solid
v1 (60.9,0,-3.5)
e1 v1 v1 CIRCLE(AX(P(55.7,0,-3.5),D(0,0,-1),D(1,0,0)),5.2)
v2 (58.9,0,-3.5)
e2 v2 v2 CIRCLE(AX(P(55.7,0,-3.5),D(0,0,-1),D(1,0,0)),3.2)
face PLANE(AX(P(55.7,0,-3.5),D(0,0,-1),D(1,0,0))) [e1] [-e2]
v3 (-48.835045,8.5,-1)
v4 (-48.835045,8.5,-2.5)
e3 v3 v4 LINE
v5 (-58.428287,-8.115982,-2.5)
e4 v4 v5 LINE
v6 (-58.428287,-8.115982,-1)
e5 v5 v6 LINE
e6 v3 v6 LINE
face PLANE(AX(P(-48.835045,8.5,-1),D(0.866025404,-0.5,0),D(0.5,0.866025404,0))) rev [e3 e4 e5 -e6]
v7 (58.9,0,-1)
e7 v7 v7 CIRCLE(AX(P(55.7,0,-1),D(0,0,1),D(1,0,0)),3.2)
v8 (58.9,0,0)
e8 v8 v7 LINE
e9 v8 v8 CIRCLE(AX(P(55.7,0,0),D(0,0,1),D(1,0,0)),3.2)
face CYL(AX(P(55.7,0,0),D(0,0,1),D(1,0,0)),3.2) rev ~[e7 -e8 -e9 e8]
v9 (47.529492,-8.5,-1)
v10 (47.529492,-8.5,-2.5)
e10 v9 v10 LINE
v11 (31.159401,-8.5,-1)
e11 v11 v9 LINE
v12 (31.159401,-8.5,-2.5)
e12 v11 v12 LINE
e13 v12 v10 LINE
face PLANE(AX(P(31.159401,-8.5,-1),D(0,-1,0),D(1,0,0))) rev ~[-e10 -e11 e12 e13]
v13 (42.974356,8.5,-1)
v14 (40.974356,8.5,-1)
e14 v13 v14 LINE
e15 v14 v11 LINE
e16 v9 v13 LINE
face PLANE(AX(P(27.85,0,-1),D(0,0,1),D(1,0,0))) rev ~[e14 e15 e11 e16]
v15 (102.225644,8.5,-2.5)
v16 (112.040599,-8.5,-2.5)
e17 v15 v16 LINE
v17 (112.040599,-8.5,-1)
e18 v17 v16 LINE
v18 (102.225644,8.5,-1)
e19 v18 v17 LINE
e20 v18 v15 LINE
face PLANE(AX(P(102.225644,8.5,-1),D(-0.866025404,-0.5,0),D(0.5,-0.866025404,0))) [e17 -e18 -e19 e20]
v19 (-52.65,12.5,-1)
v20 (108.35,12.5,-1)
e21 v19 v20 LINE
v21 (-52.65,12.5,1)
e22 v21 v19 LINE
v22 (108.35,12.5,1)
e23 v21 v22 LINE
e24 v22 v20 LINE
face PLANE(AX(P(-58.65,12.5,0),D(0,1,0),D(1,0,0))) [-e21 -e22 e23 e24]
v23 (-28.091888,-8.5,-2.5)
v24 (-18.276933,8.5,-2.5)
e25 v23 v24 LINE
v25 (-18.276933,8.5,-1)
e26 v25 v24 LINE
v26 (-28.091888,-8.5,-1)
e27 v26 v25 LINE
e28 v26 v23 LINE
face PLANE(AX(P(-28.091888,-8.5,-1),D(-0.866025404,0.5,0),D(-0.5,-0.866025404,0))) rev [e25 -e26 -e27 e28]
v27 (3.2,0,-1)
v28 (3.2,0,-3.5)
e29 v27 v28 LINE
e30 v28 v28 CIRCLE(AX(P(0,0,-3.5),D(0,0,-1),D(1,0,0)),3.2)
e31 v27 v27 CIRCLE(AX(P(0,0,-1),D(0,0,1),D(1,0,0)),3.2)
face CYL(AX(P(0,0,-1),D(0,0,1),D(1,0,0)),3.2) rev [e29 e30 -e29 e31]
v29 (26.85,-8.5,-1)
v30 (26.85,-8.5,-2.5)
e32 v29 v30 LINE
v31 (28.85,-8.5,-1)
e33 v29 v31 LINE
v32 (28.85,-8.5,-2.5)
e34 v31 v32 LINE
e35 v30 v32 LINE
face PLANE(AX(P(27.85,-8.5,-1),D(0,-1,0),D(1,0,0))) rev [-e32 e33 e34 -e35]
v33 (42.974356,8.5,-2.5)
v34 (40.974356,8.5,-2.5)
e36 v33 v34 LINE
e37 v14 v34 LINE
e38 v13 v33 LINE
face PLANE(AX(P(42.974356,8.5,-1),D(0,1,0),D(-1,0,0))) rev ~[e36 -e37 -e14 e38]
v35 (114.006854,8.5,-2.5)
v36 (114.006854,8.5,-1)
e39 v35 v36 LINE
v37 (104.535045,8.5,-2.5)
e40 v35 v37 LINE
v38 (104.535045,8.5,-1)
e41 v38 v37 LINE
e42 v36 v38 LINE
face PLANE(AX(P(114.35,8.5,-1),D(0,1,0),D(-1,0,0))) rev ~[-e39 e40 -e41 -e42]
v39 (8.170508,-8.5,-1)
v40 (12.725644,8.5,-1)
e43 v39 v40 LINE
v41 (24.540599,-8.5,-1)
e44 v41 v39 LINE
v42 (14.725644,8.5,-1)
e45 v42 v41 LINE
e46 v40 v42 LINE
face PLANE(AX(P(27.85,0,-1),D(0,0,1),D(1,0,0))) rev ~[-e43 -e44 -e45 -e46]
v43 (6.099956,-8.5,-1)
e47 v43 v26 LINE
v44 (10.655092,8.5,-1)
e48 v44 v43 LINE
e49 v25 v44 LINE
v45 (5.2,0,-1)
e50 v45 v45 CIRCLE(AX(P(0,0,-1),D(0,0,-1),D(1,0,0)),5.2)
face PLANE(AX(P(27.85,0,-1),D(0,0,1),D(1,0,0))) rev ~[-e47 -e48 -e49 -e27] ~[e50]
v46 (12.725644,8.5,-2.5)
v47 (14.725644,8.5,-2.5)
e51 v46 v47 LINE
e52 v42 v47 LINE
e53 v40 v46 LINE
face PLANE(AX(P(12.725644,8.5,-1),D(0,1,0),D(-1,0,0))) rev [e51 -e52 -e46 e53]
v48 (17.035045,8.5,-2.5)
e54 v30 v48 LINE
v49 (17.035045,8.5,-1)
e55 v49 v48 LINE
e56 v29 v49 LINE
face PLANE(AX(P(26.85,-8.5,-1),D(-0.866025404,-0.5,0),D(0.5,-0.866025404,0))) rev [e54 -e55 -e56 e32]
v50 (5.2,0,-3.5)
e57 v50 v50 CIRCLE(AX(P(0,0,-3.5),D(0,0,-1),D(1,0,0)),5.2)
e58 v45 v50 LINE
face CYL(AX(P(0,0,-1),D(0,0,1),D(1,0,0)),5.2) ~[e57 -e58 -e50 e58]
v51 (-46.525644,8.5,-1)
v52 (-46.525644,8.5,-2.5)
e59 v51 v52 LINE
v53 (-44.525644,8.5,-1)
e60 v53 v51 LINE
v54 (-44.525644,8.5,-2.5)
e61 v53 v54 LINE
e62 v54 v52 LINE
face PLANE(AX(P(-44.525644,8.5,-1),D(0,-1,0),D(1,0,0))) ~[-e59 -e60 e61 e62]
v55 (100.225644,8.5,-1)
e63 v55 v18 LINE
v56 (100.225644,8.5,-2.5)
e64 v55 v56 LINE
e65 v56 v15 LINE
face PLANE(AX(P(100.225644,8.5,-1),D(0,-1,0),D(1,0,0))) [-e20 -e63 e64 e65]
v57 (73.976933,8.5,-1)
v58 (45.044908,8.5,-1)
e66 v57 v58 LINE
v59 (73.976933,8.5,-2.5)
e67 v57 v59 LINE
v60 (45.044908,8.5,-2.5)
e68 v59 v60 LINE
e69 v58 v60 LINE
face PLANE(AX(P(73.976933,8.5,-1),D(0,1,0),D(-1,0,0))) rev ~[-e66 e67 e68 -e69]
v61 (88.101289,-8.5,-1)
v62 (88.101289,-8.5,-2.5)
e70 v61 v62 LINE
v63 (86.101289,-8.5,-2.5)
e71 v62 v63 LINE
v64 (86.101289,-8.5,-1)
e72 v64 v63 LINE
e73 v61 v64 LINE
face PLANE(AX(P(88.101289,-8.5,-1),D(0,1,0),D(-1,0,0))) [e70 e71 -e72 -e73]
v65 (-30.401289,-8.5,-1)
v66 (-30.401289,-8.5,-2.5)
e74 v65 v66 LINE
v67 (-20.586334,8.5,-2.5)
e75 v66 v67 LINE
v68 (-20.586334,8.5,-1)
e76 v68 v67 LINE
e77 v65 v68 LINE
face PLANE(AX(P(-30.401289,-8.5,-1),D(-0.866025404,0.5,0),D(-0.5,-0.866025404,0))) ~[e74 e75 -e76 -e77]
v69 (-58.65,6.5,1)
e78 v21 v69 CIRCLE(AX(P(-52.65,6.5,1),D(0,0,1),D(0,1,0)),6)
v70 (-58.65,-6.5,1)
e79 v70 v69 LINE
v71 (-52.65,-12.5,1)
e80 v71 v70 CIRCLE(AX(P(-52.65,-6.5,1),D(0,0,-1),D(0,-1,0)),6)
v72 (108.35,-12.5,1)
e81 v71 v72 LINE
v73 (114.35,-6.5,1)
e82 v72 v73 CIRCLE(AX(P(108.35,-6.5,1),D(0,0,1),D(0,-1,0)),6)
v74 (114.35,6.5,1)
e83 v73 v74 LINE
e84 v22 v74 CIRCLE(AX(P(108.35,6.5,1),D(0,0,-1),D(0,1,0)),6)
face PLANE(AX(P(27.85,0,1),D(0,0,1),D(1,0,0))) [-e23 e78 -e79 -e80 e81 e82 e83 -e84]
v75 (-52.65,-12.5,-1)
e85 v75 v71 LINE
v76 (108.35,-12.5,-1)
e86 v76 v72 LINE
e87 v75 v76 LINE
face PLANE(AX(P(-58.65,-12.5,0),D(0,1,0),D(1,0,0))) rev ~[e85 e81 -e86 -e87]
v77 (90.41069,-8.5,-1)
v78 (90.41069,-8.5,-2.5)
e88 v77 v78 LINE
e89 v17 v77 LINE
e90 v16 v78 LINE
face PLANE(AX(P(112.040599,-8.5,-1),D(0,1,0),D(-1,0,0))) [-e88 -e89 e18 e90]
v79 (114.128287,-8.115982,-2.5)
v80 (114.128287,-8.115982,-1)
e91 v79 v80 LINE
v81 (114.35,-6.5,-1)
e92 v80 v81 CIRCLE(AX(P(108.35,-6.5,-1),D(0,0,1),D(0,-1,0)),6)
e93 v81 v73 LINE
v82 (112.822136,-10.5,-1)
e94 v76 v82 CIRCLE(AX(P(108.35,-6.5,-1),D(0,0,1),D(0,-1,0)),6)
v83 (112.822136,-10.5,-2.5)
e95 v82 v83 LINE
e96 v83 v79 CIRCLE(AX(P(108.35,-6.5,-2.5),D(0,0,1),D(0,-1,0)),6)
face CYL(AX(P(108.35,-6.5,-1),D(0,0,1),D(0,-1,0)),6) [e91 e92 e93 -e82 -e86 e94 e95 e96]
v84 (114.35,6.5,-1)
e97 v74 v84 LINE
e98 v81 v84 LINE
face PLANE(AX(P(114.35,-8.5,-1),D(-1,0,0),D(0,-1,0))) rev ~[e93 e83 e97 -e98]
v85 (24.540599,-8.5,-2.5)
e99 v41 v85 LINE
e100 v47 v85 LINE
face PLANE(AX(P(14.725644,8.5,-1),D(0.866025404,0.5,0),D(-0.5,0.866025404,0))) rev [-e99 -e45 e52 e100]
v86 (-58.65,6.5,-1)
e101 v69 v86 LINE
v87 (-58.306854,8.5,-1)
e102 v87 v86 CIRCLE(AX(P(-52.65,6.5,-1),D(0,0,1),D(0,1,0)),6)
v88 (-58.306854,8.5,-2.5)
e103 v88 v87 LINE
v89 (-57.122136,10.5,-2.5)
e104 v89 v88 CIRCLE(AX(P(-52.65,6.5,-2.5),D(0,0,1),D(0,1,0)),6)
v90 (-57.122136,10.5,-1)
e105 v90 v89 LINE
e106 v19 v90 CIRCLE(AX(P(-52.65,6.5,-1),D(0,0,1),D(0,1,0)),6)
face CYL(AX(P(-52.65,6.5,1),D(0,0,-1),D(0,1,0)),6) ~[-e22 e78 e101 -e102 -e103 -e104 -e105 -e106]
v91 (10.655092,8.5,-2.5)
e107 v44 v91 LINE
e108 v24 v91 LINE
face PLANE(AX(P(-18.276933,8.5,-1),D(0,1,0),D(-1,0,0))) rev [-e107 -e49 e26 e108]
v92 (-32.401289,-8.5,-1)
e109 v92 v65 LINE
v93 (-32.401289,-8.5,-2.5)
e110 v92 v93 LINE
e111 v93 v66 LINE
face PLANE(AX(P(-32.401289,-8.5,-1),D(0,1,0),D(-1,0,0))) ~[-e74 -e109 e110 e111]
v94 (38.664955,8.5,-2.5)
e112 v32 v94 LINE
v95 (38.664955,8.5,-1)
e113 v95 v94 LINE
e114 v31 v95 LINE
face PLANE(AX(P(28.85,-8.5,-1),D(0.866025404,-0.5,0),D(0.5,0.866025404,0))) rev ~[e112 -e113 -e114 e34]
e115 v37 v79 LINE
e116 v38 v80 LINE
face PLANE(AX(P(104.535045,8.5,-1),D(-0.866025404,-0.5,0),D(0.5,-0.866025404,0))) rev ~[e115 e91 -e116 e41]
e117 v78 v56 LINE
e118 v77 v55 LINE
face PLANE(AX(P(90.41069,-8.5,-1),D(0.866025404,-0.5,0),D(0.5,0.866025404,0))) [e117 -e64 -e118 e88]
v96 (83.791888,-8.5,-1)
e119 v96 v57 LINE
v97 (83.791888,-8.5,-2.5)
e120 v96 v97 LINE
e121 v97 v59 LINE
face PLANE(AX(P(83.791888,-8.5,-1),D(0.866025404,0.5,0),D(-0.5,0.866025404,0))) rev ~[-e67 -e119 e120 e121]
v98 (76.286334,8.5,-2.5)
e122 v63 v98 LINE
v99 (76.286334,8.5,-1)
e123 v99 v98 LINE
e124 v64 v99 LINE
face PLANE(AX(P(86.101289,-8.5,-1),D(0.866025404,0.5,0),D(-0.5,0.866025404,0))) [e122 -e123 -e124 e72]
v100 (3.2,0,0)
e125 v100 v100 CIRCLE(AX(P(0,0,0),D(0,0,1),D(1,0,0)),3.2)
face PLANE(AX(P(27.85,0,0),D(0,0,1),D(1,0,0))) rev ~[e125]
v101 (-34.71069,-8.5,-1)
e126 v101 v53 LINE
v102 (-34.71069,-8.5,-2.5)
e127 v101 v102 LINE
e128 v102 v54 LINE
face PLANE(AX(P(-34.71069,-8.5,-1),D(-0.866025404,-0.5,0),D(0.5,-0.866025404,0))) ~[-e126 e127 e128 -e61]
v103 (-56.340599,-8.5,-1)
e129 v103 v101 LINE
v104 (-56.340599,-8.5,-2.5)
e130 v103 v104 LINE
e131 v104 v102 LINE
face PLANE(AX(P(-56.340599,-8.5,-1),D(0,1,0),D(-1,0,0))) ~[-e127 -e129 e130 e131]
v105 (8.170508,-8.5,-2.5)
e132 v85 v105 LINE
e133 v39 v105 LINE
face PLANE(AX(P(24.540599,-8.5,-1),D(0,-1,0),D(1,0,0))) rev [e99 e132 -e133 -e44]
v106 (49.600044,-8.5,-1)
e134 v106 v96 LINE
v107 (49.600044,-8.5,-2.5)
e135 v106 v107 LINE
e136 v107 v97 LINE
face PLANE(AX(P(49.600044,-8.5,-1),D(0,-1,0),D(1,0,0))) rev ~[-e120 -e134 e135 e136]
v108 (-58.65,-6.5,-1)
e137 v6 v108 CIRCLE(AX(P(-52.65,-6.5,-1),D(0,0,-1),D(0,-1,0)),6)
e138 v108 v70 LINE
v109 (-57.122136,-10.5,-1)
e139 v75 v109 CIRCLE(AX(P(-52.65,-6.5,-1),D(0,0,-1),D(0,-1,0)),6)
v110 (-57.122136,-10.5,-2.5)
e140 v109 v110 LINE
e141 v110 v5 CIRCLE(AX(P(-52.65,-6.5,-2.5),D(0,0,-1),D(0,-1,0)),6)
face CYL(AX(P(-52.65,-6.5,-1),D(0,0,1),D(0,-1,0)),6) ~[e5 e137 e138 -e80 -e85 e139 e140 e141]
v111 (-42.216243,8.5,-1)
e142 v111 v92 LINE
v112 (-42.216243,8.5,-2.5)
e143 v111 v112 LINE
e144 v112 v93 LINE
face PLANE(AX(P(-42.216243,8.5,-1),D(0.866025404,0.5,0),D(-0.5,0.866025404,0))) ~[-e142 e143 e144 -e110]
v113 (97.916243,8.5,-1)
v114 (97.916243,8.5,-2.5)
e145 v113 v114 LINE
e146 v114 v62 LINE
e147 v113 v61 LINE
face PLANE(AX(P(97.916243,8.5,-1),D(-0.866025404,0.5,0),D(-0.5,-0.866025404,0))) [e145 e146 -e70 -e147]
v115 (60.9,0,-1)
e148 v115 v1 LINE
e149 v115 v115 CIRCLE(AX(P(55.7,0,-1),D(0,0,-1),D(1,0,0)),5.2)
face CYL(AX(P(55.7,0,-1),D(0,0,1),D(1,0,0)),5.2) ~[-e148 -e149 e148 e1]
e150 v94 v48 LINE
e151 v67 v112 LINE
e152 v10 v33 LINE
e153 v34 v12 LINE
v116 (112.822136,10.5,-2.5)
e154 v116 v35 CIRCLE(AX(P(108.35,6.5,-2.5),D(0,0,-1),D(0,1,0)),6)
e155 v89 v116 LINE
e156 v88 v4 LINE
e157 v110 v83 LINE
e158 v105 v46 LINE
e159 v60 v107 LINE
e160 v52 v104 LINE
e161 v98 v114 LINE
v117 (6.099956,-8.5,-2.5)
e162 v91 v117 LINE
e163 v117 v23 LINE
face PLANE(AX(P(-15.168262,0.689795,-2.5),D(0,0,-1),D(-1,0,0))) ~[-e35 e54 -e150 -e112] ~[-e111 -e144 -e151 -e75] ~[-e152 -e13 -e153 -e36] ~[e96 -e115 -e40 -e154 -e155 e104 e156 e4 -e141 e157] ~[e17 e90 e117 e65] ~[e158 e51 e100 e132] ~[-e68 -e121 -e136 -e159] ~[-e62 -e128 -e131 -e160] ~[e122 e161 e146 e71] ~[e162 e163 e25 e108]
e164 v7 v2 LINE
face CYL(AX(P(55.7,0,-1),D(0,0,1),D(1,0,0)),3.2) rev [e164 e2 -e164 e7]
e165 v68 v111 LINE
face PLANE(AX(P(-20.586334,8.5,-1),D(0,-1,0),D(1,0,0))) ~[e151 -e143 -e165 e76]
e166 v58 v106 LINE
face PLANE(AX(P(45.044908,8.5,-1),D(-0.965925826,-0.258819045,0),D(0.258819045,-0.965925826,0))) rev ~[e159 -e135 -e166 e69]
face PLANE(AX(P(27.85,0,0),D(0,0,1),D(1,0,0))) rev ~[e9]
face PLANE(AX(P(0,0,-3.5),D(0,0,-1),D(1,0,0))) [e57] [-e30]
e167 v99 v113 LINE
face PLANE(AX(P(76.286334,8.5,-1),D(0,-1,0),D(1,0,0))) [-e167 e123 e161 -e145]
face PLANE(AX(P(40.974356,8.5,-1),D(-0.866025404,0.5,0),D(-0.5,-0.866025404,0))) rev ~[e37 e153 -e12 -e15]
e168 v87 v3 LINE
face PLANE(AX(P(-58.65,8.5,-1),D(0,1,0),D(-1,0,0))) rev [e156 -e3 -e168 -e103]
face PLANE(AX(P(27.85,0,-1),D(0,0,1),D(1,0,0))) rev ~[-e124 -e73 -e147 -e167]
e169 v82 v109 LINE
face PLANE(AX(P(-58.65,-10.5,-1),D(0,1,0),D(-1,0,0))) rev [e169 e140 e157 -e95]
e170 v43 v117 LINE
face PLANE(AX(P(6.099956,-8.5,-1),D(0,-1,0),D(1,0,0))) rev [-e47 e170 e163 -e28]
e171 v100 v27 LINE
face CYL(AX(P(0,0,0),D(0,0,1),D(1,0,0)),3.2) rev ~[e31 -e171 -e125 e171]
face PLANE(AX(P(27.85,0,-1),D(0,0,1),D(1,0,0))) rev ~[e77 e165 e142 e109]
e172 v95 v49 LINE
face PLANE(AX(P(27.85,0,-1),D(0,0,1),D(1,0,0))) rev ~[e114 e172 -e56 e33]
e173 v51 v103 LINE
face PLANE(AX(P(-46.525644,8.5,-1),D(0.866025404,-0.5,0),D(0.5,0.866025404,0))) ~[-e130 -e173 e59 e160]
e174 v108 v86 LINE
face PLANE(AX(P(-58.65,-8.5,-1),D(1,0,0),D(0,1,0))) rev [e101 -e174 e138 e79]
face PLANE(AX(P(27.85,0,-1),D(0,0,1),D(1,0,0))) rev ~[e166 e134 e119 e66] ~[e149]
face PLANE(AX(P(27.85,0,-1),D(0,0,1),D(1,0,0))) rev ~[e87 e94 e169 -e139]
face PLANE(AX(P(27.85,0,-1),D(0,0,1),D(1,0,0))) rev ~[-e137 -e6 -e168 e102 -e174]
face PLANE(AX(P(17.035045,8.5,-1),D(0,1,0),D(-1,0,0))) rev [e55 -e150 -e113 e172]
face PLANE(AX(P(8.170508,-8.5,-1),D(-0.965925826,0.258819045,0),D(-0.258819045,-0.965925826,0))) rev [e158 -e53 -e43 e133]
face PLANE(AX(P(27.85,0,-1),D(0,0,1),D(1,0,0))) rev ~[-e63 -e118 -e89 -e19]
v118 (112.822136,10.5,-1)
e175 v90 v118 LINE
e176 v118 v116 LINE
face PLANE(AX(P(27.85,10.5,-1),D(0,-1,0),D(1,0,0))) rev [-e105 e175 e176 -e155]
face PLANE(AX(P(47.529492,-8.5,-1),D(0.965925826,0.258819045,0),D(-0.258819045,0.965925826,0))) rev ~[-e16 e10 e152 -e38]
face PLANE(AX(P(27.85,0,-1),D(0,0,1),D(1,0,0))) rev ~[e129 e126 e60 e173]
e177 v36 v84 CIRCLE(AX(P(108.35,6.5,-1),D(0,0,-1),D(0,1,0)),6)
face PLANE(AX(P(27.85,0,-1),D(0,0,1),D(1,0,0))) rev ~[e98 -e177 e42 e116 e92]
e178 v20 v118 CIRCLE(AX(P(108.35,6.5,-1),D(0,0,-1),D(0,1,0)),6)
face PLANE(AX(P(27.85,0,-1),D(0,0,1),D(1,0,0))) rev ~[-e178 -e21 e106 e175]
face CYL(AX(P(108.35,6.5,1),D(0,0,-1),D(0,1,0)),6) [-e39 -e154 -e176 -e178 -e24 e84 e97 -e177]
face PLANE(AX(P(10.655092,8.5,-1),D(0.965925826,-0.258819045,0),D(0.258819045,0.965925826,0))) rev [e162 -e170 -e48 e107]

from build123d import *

# Parameters (mm, degrees)
SKETCH1_W           = 173
SKETCH1_H           = 25
SKETCH1_R           = 3.2
BOSS_EXTRUDE1_DEPTH = 1
SKETCH2_W           = 173
SKETCH2_H           = 25
BOSS_EXTRUDE2_DEPTH = 1
SKETCH6_R           = 5.2
SKETCH6_R_2         = 3.2
BOSS_EXTRUDE5_DEPTH = 2.5
BOSS_EXTRUDE4_DEPTH = 1.5
FILLET1_R           = 6


with BuildPart() as part:
    # Sketch1 → Boss-Extrude1 (new body)
    with BuildSketch(Plane.XY):
        with Locations((27.85, 0)):
            Rectangle(SKETCH1_W, SKETCH1_H)
        Circle(SKETCH1_R, mode=Mode.SUBTRACT)
        with Locations((55.7, 0)):
            Circle(SKETCH1_R, mode=Mode.SUBTRACT)
    extrude(amount=-BOSS_EXTRUDE1_DEPTH)

    # Sketch2 → Boss-Extrude2 (add)
    with BuildSketch(Plane.XY):
        with Locations((27.85, 0)):
            Rectangle(SKETCH2_W, SKETCH2_H)
    extrude(amount=BOSS_EXTRUDE2_DEPTH)

    # Sketch6 → Boss-Extrude5 (add)
    with BuildSketch(Plane(origin=(0, 0, -1), x_dir=(-1, 0, 0), z_dir=(0, 0, -1))):
        with Locations(Location((-55.7, 0, 0), (0, 0, 180))):
            Circle(SKETCH6_R)
        with Locations(Location((-55.7, 0, 0), (0, 0, 180))):
            Circle(SKETCH6_R_2, mode=Mode.SUBTRACT)
        with Locations(Location((0, 0, 0), (0, 0, 180))):
            Circle(SKETCH6_R)
        with Locations(Location((0, 0, 0), (0, 0, 180))):
            Circle(SKETCH6_R_2, mode=Mode.SUBTRACT)
    extrude(amount=BOSS_EXTRUDE5_DEPTH)

    # Sketch5 → Boss-Extrude4 (add)
    with BuildSketch(Plane(origin=(0, 0, -1), x_dir=(-1, 0, 0), z_dir=(0, 0, -1))):
        Polygon((-27.85, -10.5), (-27.85, -8.5), (-28.85, -8.5), (-38.664954576, 8.5), (-27.85, 8.5), (-27.85, 10.5), (-114.35, 10.5), (-114.35, 8.5), (-104.535045424, 8.5), (-114.35, -8.5), (-114.35, -10.5), align=None)
        Polygon((-112.040598923, -8.5), (-90.410689771, -8.5), (-100.225644347, 8.5), (-102.225644347, 8.5), align=None, mode=Mode.SUBTRACT)
        Polygon((-97.91624327, 8.5), (-88.101288694, -8.5), (-86.101288694, -8.5), (-76.286334118, 8.5), align=None, mode=Mode.SUBTRACT)
        Polygon((-83.791887617, -8.5), (-73.976933041, 8.5), (-45.044908014, 8.5), (-49.600044285, -8.5), align=None, mode=Mode.SUBTRACT)
        Polygon((-40.974355653, 8.5), (-31.159401077, -8.5), (-47.529491924, -8.5), (-42.974355653, 8.5), align=None, mode=Mode.SUBTRACT)
    boss_extrude4 = extrude(amount=BOSS_EXTRUDE4_DEPTH)

    # Mirror1: Boss-Extrude4 across plane
    add(boss_extrude4.mirror(Plane(origin=(27.85, 0, 0), x_dir=(0, 0, 1), z_dir=(1, 0, 0))))

    # Fillet1
    fillet1_edges = [part.edges().sort_by_distance(p)[0] for p in [
        (114.35, 12.5, 0),
        (114.35, -12.5, 0),
        (-58.65, -12.5, 0),
        (-58.65, 12.5, 0),
    ]]
    fillet(fillet1_edges, radius=FILLET1_R)


solid = part.part
